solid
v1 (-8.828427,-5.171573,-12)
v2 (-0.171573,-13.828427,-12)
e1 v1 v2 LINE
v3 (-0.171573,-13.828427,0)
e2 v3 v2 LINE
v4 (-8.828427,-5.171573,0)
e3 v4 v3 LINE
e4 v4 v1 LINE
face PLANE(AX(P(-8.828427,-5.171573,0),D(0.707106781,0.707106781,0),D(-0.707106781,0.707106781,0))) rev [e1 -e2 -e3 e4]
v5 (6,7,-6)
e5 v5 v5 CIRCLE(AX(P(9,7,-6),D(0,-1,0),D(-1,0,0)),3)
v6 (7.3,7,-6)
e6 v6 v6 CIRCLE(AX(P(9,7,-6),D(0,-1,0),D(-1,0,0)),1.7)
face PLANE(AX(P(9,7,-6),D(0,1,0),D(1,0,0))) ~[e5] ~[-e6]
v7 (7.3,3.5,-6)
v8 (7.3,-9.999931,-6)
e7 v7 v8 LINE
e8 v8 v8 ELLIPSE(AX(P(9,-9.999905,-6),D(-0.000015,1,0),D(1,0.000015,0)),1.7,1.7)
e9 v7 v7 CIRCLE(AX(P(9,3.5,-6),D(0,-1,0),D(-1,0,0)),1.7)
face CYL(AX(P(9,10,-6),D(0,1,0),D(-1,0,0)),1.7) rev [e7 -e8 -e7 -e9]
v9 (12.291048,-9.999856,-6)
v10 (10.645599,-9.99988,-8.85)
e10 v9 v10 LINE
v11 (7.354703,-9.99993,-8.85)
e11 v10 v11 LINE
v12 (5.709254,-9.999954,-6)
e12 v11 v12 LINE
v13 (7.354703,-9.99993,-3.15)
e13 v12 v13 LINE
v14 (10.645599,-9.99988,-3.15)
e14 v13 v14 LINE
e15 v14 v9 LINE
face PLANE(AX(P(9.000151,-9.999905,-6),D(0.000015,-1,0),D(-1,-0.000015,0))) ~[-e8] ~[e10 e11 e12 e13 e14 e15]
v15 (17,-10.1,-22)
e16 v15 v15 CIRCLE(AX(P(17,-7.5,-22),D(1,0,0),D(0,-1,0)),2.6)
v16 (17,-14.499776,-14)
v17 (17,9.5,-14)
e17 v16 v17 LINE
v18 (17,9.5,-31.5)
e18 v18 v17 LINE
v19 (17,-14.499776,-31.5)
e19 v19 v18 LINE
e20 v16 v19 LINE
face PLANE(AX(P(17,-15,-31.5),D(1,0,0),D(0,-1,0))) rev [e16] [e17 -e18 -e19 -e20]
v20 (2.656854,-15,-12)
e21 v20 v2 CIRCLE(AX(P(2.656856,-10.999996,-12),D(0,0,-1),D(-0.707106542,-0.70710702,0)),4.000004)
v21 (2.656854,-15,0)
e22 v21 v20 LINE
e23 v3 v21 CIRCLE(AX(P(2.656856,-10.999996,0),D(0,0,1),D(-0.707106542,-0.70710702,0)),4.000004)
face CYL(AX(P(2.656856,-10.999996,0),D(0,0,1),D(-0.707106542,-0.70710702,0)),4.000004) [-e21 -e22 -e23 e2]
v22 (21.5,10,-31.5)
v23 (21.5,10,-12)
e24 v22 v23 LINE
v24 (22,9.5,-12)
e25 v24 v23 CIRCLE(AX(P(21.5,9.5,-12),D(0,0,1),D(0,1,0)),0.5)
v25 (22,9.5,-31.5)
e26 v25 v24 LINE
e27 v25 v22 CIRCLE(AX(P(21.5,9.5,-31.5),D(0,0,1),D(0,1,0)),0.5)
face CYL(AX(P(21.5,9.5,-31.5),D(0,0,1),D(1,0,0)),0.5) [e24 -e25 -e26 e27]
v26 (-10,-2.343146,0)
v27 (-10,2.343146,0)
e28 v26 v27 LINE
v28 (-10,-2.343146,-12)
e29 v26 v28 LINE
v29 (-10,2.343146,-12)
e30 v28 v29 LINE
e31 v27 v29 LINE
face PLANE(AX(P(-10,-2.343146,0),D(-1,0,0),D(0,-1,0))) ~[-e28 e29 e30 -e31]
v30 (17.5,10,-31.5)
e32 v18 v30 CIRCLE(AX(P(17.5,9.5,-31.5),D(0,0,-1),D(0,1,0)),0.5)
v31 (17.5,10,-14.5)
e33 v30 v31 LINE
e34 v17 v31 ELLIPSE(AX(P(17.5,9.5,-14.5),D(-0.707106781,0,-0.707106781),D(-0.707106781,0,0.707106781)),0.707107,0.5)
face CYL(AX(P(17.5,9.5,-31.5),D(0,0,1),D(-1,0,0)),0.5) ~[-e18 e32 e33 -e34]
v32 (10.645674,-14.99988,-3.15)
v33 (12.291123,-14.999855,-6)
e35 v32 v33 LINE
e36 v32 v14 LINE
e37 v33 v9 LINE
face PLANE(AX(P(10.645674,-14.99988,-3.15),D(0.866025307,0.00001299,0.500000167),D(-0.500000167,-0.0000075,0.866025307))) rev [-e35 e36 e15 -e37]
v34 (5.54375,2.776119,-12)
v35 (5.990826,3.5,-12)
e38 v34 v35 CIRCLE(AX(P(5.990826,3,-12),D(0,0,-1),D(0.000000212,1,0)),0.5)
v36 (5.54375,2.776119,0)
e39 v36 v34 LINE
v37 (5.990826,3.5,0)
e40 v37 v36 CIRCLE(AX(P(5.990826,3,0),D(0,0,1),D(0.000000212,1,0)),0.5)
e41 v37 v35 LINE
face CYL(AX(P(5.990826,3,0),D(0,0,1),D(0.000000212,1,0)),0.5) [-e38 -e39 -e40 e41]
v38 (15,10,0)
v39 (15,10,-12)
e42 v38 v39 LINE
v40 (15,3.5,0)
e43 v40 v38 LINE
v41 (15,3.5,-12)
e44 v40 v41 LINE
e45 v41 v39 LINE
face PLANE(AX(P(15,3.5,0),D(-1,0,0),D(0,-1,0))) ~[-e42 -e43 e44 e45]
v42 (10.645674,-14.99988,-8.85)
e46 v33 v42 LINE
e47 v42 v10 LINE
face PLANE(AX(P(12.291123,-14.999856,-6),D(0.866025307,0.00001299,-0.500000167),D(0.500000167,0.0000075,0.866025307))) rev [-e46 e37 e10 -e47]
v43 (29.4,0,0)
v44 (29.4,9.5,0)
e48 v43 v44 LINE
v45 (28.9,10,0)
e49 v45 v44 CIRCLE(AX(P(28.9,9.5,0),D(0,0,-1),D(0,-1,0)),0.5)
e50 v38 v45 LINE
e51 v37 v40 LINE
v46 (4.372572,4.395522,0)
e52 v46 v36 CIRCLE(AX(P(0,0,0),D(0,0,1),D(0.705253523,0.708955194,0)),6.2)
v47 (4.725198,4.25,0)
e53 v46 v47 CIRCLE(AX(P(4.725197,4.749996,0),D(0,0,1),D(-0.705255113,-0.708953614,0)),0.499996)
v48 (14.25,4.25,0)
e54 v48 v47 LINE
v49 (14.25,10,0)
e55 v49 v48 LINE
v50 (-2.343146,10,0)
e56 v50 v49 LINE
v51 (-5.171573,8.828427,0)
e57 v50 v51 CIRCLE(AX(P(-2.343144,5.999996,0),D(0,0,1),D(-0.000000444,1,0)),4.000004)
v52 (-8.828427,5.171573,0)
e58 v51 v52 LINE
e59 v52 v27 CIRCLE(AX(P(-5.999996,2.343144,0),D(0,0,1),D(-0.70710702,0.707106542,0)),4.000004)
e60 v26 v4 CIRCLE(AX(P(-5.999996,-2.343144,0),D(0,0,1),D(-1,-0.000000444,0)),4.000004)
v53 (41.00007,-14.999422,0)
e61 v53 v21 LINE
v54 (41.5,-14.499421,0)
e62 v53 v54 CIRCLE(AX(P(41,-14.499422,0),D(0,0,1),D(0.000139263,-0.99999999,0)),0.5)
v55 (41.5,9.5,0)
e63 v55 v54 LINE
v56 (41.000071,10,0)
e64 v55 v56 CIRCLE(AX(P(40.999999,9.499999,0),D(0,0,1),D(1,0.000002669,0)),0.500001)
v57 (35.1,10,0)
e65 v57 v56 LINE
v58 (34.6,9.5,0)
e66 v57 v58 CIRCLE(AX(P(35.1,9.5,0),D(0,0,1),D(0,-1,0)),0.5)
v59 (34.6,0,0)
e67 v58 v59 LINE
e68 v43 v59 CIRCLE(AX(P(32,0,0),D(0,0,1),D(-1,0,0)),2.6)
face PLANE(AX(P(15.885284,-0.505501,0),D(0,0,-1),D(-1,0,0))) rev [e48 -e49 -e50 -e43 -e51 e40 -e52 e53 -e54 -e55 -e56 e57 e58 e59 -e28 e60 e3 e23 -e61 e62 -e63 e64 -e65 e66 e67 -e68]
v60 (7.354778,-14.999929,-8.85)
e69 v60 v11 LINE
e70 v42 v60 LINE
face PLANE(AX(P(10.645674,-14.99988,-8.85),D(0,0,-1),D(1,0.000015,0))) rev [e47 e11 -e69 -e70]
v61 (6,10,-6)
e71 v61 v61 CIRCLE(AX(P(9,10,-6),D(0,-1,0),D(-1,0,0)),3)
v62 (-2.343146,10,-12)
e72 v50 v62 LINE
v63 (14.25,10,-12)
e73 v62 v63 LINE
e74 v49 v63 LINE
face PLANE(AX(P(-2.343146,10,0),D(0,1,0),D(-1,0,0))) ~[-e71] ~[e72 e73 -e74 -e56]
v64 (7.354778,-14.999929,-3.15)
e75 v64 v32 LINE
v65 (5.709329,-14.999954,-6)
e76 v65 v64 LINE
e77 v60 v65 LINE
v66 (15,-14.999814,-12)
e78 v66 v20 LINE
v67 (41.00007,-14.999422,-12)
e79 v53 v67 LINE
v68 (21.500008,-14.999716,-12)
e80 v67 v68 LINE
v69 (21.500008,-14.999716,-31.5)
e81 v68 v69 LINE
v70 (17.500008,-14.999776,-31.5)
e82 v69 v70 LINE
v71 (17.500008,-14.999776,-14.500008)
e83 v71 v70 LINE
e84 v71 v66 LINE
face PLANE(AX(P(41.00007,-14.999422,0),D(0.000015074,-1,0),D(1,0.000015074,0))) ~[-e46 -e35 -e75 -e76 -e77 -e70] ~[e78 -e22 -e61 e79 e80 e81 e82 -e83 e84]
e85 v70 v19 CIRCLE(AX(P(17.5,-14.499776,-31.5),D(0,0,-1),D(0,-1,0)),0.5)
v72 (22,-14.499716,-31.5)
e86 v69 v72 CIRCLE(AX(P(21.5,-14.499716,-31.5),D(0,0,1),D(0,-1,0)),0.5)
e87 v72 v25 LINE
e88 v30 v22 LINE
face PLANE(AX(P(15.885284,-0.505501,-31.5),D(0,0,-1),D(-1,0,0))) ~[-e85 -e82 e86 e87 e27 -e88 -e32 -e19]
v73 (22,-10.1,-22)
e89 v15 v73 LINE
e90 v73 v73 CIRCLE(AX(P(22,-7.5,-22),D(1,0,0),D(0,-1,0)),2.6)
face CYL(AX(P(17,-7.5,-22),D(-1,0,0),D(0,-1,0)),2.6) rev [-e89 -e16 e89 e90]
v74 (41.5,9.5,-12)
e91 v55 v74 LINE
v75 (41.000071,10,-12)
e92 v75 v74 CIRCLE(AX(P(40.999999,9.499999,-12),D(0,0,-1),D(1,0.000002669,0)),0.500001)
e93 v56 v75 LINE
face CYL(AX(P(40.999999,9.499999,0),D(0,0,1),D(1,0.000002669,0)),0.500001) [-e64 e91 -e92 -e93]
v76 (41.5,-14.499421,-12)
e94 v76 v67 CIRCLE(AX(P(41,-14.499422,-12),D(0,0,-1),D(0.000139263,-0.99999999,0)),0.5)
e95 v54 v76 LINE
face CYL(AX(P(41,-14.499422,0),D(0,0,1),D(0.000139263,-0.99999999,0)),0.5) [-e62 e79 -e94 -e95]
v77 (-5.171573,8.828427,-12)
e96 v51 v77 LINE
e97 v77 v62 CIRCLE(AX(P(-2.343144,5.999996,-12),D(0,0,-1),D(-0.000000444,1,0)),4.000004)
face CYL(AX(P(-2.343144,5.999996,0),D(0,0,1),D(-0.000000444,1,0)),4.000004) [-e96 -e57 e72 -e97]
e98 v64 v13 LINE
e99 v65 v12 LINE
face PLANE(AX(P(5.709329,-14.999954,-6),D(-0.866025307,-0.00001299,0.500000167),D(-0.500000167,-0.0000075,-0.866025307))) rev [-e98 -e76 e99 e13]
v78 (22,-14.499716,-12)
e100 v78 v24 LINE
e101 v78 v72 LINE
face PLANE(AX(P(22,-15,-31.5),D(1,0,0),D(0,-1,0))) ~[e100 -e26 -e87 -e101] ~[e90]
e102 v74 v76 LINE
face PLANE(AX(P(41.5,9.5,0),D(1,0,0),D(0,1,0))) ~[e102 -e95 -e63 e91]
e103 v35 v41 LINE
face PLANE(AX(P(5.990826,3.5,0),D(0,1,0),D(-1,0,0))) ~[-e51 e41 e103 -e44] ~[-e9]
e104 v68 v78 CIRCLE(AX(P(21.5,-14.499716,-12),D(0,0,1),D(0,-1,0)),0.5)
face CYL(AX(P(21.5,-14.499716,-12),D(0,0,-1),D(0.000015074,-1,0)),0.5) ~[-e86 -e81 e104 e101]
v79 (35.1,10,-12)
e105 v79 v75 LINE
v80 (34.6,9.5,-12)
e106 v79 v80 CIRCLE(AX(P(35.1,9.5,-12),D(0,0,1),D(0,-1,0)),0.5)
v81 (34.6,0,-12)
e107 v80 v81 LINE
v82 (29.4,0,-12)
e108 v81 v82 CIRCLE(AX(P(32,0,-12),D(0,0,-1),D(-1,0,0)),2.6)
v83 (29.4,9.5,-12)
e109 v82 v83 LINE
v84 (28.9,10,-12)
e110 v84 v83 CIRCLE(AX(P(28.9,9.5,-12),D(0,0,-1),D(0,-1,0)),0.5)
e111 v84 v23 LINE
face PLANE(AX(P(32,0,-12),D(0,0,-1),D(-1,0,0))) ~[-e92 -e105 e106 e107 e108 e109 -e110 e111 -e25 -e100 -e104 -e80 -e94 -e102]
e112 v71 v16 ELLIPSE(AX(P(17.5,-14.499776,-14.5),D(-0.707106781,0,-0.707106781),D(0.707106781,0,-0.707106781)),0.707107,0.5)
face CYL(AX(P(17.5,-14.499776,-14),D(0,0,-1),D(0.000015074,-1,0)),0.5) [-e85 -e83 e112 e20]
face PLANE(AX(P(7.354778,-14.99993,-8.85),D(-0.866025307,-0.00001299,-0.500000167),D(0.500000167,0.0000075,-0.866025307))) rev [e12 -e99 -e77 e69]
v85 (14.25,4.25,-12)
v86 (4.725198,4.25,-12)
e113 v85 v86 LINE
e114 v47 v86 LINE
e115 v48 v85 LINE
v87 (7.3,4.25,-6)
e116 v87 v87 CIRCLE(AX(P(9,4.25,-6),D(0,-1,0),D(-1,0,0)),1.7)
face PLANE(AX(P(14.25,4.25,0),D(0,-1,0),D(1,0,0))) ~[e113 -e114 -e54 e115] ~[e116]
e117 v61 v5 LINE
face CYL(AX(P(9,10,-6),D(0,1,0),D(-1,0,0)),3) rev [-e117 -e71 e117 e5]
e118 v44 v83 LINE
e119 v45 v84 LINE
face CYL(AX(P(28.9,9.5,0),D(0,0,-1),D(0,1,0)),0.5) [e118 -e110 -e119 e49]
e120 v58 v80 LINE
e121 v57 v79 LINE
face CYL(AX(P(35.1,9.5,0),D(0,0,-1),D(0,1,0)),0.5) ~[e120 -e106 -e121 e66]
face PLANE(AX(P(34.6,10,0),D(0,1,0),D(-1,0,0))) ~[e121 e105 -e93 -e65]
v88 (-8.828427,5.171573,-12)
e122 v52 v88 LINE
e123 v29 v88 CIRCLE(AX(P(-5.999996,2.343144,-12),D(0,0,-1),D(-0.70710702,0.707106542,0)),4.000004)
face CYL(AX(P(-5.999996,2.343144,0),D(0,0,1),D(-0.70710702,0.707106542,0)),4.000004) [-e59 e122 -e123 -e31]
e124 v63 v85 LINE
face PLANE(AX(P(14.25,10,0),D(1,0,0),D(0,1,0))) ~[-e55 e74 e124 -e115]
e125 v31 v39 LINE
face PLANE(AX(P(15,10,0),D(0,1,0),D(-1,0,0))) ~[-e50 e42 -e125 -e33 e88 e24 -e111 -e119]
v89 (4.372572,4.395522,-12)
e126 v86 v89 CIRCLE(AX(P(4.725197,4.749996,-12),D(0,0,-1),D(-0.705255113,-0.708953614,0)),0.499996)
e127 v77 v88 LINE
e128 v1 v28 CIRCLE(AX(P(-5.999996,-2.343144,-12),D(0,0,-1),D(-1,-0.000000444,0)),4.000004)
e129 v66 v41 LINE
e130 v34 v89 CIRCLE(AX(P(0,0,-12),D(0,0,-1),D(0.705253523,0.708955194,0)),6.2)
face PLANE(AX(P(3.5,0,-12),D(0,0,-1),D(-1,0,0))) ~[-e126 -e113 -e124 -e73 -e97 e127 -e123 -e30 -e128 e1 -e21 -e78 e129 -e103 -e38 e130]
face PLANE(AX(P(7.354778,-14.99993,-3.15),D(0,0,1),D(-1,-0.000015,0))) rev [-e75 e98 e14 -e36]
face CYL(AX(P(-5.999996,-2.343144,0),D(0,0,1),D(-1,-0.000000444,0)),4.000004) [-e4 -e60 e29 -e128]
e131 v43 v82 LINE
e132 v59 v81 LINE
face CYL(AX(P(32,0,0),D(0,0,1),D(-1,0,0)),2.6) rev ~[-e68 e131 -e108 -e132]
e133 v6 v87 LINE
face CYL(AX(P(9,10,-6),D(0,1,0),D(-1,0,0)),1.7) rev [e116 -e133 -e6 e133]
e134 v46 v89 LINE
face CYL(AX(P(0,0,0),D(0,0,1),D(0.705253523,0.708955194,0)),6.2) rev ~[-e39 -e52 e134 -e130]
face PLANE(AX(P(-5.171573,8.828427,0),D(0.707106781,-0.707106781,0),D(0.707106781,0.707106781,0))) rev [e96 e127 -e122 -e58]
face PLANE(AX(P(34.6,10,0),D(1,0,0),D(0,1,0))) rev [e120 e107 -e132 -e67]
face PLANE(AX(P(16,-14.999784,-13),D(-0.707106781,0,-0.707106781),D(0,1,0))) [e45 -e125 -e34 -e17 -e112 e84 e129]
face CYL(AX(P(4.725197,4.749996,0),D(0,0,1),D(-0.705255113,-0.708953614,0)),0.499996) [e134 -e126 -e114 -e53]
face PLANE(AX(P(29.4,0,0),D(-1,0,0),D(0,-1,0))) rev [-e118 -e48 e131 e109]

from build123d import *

# Parameters (mm, degrees)
PAD_DEPTH       = 31.5
SKETCH001_W     = 20
SKETCH001_H     = 30
SKETCH001_W_2   = 27
POCKET_DEPTH    = 19.5
SKETCH002_R     = 2.6
POCKET001_DEPTH = 24.501
SKETCH003_R     = 1.7
POCKET002_DEPTH = 25.001
SKETCH004_R     = 3
POCKET003_DEPTH = 3
POCKET004_DEPTH = 5
CHAMFER_SIZE    = 2
FILLET_R        = 0.5


with BuildPart() as body:
    # Sketch → Pad (new body)
    with BuildSketch(Plane.XY):
        with BuildLine():
            ThreePointArc((-0.171573, -13.828427), (1.126121, -14.695518), (2.656854, -15))
            Line((41.00007, -14.999422), (2.656854, -15))
            ThreePointArc((41.00007, -14.999422), (41.353579, -14.85295), (41.5, -14.499421))
            Line((41.5, 9.5), (41.5, -14.499421))
            ThreePointArc((41.5, 9.5), (41.353578, 9.853528), (41.000071, 10))
            Line((34.6, 10), (41.000071, 10))
            Line((34.6, 10), (34.6, 0))
            ThreePointArc((29.4, 0), (32, -2.6), (34.6, 0))
            Line((29.4, 0), (29.4, 10))
            Line((15, 10), (29.4, 10))
            Line((15, 3.5), (15, 10))
            Line((5.990826, 3.5), (15, 3.5))
            ThreePointArc((5.990826, 3.5), (5.56542, 3.262735), (5.54375, 2.776119))
            ThreePointArc((4.372572, 4.395522), (-5.023841, -3.633322), (5.54375, 2.776119))
            ThreePointArc((4.372572, 4.395522), (4.534461, 4.28781), (4.725198, 4.25))
            Line((14.25, 4.25), (4.725198, 4.25))
            Line((14.25, 10), (14.25, 4.25))
            Line((-2.343146, 10), (14.25, 10))
            ThreePointArc((-2.343146, 10), (-3.873879, 9.695518), (-5.171573, 8.828427))
            Line((-5.171573, 8.828427), (-8.828427, 5.171573))
            ThreePointArc((-8.828427, 5.171573), (-9.695518, 3.873879), (-10, 2.343146))
            Line((-10, -2.343146), (-10, 2.343146))
            ThreePointArc((-10, -2.343146), (-9.695518, -3.873879), (-8.828427, -5.171573))
            Line((-8.828427, -5.171573), (-0.171573, -13.828427))
        make_face()
    extrude(amount=PAD_DEPTH)

    # Sketch001 (on Face26 of Pad) → Pocket (cut)
    with BuildSketch(Plane.XY.offset(31.5)):
        with Locations((32, 0)):
            Rectangle(SKETCH001_W, SKETCH001_H)
        with Locations((3.5, 0)):
            Rectangle(SKETCH001_W_2, SKETCH001_H)
    extrude(amount=-POCKET_DEPTH, mode=Mode.SUBTRACT)

    # Sketch002 (on Face29 of Pocket) → Pocket001 (cut, through all)
    with BuildSketch(Plane(origin=(17, 0, 0), x_dir=(0, -1, 0), z_dir=(-1, 0, 0))):
        with Locations((7.5, 22)):
            Circle(SKETCH002_R)
    extrude(amount=-POCKET001_DEPTH, mode=Mode.SUBTRACT)

    # Sketch003 (on Face13 of Pocket001) → Pocket002 (cut, through all)
    with BuildSketch(Plane(origin=(0, 10, 0), x_dir=(-1, 0, 0), z_dir=(0, 1, 0))):
        with Locations((-9, 6)):
            Circle(SKETCH003_R)
    extrude(amount=-POCKET002_DEPTH, mode=Mode.SUBTRACT)

    # Sketch004 (on Face13 of Pocket002) → Pocket003 (cut)
    with BuildSketch(Plane(origin=(0, 10, 0), x_dir=(-1, 0, 0), z_dir=(0, 1, 0))):
        with Locations((-9, 6)):
            Circle(SKETCH004_R)
    extrude(amount=-POCKET003_DEPTH, mode=Mode.SUBTRACT)

    # Sketch005 (on Face21 of Pocket003) → Pocket004 (cut)
    with BuildSketch(Plane(origin=(0.000226, -15.00004, 0), x_dir=(1, 1.5e-05, 0), z_dir=(1.5e-05, -1, 0))):
        Polygon((10.645448, 3.15), (12.290897, 6), (10.645448, 8.85), (7.354552, 8.85), (5.709103, 6), (7.354552, 3.15), align=None)
    extrude(amount=-POCKET004_DEPTH, mode=Mode.SUBTRACT)

    # Chamfer
    chamfer_edges = [body.edges().sort_by_distance(p)[0] for p in [
        (17, -2.499892, 12),
    ]]
    chamfer(chamfer_edges, length=CHAMFER_SIZE)

    # Fillet
    fillet_edges = [body.edges().sort_by_distance(p)[0] for p in [
        (34.6, 10, 6),
        (29.4, 10, 6),
        (22, 10, 21.75),
        (22, -14.999708, 21.75),
        (17, 10, 22.75),
        (17, -14.999784, 22.75),
    ]]
    fillet(fillet_edges, radius=FILLET_R)


with BuildPart() as part_mirroring:
    # Part__Mirroring: instance of Body
    add(body.part.mirror(Plane(origin=(15.75, -2.5, 0), x_dir=(0, 1, 0), z_dir=(0, 0, 1))))


solid = part_mirroring.part
